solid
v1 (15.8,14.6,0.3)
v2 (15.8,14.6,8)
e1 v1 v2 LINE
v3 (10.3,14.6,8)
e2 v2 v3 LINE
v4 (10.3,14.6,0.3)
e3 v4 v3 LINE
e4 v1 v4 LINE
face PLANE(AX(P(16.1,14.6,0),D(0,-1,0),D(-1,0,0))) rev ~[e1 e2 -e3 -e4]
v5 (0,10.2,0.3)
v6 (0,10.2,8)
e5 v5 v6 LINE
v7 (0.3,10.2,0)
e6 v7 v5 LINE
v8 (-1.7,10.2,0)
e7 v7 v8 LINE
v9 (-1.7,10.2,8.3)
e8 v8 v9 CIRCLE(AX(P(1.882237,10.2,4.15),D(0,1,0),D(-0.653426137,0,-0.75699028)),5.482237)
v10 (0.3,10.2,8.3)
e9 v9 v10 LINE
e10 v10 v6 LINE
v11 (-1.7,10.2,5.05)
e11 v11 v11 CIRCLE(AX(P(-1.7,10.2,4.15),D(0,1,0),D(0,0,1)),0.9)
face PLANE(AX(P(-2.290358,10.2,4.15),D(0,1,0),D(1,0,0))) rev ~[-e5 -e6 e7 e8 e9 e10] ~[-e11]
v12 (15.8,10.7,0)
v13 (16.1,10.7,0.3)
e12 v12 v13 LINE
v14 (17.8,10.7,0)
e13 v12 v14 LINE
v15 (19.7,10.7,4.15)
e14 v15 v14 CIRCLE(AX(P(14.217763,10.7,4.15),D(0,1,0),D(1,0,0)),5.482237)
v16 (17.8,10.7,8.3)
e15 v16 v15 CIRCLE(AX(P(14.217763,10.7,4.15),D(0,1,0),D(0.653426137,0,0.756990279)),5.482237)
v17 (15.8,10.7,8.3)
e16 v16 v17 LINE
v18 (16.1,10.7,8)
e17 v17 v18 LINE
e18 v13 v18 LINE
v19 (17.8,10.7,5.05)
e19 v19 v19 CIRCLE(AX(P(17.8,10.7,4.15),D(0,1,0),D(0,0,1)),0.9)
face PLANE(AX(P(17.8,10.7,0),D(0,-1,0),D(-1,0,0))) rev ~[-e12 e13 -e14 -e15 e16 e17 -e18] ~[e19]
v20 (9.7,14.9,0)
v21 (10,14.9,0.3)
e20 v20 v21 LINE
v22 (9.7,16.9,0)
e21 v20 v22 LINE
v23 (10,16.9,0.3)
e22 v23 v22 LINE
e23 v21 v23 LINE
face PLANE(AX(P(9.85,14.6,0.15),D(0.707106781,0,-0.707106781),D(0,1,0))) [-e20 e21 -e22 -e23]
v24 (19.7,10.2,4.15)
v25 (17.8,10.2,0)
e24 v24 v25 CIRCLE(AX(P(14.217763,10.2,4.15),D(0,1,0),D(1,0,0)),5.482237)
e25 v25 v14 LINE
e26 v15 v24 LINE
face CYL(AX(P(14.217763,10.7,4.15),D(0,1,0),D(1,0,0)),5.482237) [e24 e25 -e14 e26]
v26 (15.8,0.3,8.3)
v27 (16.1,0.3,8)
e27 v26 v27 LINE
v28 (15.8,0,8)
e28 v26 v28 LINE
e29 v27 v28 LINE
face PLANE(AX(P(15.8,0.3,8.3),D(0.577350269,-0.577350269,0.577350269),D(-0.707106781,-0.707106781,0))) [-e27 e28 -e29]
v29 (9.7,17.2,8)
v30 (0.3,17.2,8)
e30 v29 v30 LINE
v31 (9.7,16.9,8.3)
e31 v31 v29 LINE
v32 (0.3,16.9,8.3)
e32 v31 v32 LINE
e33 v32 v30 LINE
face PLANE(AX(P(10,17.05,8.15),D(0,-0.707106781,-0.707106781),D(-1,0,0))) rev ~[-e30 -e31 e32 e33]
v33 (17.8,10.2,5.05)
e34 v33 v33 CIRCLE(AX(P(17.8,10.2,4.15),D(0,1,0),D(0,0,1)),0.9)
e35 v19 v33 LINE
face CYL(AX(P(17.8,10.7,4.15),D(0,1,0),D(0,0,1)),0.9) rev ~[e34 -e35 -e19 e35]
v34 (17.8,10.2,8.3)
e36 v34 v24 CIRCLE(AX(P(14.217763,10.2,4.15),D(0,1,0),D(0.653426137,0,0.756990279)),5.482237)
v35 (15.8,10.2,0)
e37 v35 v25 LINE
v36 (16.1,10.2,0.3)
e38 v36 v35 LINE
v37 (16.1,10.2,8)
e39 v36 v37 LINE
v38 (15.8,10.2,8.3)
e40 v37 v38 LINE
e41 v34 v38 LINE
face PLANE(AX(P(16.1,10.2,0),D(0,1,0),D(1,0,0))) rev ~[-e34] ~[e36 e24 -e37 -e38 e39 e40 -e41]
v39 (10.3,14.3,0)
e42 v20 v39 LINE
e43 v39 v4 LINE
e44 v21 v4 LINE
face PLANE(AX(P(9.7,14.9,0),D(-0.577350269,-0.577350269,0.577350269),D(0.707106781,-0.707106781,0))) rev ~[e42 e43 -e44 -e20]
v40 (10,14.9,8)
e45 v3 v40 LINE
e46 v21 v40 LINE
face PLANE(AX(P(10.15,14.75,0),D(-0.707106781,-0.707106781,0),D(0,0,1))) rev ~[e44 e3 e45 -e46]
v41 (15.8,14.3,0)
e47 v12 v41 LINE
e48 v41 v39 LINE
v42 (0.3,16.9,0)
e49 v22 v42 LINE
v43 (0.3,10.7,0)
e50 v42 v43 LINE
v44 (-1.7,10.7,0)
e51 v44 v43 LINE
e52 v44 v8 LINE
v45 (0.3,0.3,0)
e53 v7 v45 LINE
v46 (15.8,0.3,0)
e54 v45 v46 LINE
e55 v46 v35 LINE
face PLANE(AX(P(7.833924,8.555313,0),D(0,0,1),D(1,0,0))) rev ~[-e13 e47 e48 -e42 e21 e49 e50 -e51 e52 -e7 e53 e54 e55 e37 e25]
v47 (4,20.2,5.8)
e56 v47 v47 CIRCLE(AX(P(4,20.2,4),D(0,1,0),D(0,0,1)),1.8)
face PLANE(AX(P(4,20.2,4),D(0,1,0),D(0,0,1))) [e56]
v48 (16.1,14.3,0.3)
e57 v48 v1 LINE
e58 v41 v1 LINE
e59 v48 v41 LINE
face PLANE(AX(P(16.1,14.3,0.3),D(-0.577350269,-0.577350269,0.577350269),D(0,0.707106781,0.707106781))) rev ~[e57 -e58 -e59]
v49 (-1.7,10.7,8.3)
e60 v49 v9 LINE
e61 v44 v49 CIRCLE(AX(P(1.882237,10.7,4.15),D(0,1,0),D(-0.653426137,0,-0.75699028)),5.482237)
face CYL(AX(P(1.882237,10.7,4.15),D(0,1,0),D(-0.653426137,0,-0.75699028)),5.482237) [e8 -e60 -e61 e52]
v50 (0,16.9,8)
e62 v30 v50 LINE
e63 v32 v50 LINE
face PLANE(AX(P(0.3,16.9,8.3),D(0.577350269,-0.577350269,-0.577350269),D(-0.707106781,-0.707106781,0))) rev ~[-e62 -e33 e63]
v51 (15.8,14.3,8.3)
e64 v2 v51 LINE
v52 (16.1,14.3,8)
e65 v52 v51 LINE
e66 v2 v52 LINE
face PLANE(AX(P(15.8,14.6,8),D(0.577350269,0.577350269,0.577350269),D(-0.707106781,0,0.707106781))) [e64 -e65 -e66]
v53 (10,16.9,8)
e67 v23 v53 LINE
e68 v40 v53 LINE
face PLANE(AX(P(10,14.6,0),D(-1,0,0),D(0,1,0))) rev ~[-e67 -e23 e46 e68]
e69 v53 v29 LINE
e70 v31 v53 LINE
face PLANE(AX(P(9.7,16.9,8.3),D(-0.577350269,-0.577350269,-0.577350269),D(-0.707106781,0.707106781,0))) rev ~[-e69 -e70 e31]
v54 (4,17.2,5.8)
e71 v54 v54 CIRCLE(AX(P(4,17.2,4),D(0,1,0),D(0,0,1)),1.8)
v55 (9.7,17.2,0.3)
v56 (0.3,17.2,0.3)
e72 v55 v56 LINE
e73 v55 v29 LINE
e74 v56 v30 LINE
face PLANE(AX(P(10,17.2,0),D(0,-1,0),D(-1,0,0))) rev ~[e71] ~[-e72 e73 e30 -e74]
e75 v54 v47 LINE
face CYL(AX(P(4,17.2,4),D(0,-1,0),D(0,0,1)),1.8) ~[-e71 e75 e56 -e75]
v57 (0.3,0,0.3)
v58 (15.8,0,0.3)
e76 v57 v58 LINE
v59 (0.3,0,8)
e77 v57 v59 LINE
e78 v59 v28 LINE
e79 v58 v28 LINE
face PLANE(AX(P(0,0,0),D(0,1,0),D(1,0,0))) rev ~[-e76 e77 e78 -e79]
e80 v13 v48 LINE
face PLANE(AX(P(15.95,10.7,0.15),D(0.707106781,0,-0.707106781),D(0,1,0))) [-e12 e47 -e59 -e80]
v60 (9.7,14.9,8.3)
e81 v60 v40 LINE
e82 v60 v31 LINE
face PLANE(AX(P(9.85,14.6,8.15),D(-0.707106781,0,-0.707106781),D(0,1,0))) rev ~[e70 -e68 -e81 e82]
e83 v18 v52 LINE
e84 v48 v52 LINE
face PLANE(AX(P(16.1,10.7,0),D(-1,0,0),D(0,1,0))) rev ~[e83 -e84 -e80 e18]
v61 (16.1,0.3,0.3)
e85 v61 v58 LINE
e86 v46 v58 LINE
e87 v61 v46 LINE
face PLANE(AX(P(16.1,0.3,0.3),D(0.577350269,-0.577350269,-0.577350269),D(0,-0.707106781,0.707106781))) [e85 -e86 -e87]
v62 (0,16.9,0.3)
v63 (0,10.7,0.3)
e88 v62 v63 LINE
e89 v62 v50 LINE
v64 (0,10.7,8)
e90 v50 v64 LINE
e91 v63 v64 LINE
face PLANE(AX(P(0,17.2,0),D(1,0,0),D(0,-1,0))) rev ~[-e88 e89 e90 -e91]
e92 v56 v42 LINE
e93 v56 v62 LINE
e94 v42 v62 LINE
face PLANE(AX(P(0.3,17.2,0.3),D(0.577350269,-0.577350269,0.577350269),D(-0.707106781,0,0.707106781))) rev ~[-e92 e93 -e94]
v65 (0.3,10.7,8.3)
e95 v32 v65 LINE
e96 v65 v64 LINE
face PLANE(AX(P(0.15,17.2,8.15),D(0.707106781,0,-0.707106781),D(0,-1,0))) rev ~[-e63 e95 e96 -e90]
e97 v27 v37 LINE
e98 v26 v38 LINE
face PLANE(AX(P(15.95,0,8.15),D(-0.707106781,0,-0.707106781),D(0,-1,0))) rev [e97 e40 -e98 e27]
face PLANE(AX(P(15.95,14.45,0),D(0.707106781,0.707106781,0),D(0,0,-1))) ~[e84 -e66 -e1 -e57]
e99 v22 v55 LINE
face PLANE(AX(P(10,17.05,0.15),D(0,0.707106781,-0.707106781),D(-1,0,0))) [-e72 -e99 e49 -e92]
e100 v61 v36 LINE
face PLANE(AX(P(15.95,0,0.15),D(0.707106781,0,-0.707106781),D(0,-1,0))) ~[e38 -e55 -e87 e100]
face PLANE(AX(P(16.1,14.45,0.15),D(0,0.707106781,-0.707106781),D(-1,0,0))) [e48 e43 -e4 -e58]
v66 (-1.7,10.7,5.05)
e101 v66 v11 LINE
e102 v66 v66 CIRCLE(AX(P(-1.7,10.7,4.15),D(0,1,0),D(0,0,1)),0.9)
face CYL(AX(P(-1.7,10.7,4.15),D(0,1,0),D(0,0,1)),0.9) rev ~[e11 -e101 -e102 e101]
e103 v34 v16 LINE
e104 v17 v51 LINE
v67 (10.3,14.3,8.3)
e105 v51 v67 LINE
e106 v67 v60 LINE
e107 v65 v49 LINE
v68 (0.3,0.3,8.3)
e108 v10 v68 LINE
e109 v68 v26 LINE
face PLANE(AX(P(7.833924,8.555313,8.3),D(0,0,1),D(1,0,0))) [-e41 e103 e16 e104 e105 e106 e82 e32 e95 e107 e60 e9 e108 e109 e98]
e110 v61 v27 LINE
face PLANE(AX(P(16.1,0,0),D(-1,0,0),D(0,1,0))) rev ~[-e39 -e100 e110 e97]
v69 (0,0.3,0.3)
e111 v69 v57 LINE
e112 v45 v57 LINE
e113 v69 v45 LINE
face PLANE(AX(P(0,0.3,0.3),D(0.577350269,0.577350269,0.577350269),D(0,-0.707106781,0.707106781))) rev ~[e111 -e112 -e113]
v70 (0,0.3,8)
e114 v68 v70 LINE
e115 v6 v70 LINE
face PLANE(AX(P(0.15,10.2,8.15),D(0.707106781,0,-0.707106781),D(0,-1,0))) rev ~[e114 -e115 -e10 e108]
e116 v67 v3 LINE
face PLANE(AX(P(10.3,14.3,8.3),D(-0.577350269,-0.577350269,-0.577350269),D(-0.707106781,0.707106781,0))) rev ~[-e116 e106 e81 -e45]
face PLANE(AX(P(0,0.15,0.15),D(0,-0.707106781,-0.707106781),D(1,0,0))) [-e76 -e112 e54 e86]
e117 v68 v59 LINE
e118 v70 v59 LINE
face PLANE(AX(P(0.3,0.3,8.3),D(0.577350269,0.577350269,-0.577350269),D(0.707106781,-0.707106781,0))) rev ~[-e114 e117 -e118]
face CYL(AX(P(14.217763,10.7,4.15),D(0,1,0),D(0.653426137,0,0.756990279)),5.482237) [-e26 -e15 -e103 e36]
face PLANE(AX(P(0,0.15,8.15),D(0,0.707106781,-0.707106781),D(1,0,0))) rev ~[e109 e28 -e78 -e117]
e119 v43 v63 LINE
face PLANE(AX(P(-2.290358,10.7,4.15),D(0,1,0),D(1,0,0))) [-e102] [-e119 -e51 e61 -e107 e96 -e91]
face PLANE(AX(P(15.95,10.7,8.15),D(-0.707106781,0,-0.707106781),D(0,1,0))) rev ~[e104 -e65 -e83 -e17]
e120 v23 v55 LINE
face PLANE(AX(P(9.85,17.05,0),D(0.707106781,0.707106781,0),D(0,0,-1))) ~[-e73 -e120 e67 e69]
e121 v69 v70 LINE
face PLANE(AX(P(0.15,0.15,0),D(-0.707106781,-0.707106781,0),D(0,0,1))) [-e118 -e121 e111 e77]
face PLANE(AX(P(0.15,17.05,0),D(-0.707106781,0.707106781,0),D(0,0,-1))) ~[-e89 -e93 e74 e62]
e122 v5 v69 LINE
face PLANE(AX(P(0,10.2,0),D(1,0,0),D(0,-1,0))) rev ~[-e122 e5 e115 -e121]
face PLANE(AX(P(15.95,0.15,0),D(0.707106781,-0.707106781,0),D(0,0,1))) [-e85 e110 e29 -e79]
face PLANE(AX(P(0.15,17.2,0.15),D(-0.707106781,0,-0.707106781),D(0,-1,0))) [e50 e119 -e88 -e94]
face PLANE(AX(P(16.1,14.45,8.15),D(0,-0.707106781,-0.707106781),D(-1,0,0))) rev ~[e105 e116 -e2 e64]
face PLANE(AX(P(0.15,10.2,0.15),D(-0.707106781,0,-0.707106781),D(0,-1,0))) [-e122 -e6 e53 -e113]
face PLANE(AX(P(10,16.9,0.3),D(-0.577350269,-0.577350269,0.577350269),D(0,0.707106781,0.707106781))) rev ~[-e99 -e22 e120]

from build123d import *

# Parameters (mm, degrees)
EXTRUDE_1_DEPTH     = 8.3
SKETCH_9_R          = 1.8
EXTRUDE_6_DEPTH     = 3
CHAMFER_1_SIZE      = 0.3
EXTRUDE_7_DEPTH     = 0.5
SKETCH_11_R         = 0.9
CUT_EXTRUDE_1_DEPTH = 10


with BuildPart() as part:
    # 草图1 → 凸台-拉伸1 (new body)
    with BuildSketch(Plane.XY):
        Polygon((16.1, 10.2), (17.8, 10.2), (17.8, 10.7), (16.1, 10.7), (16.1, 14.6), (10, 14.6), (10, 17.2), (0, 17.2), (0, 10.7), (-1.7, 10.7), (-1.7, 10.2), (0, 10.2), (0, 0), (16.1, 0), align=None)
    extrude(amount=EXTRUDE_1_DEPTH)

    # 草图9 → 凸台-拉伸6 (add)
    with BuildSketch(Plane(origin=(0, 17.2, 0), x_dir=(1, 0, 0), z_dir=(0, 1, 0))):
        with Locations(Location((4, -4, 0), (0, 0, 270))):
            Circle(SKETCH_9_R)
    extrude(amount=EXTRUDE_6_DEPTH)

    # 倒角1
    chamfer_1_edges = [part.edges().sort_by_distance(p)[0] for p in [
        (8.05, 0, 0),
        (0, 5.1, 0),
        (0, 13.95, 0),
        (5, 17.2, 0),
        (10, 15.9, 0),
        (13.05, 14.6, 0),
        (16.1, 12.65, 0),
        (16.1, 5.1, 0),
        (16.1, 12.65, 8.3),
        (16.1, 0, 4.15),
        (0, 0, 4.15),
        (0, 17.2, 4.15),
        (10, 17.2, 4.15),
        (10, 14.6, 4.15),
        (16.1, 14.6, 4.15),
        (13.05, 14.6, 8.3),
        (10, 15.9, 8.3),
        (5, 17.2, 8.3),
        (0, 13.95, 8.3),
        (16.1, 5.1, 8.3),
        (0, 5.1, 8.3),
        (8.05, 0, 8.3),
    ]]
    chamfer(chamfer_1_edges, length=CHAMFER_1_SIZE)

    # 草图10 → 凸台-拉伸7 (add)
    with BuildSketch(Plane(origin=(0, 10.7, 0), x_dir=(1, 0, 0), z_dir=(0, 1, 0))):
        with BuildLine():
            Line((-1.7, -8.3), (-1.7, 0))
            ThreePointArc((-1.7, 0), (-3.6, -4.15), (-1.7, -8.3))
        make_face()
        with BuildLine():
            ThreePointArc((19.7, -4.15), (19.202419193, -1.867868321), (17.8, 0))
            Line((17.8, 0), (17.8, -8.3))
            ThreePointArc((17.8, -8.3), (19.202419193, -6.432131679), (19.7, -4.15))
        make_face()
    extrude(amount=-EXTRUDE_7_DEPTH)

    # 草图11 → 切除-拉伸1 (cut)
    with BuildSketch(Plane(origin=(0, 10.7, 0), x_dir=(1, 0, 0), z_dir=(0, 1, 0))):
        with Locations(Location((-1.7, -4.15, 0), (0, 0, 270))):
            Circle(SKETCH_11_R)
        with Locations(Location((17.8, -4.15, 0), (0, 0, 270))):
            Circle(SKETCH_11_R)
    extrude(amount=-CUT_EXTRUDE_1_DEPTH, mode=Mode.SUBTRACT)


solid = part.part
